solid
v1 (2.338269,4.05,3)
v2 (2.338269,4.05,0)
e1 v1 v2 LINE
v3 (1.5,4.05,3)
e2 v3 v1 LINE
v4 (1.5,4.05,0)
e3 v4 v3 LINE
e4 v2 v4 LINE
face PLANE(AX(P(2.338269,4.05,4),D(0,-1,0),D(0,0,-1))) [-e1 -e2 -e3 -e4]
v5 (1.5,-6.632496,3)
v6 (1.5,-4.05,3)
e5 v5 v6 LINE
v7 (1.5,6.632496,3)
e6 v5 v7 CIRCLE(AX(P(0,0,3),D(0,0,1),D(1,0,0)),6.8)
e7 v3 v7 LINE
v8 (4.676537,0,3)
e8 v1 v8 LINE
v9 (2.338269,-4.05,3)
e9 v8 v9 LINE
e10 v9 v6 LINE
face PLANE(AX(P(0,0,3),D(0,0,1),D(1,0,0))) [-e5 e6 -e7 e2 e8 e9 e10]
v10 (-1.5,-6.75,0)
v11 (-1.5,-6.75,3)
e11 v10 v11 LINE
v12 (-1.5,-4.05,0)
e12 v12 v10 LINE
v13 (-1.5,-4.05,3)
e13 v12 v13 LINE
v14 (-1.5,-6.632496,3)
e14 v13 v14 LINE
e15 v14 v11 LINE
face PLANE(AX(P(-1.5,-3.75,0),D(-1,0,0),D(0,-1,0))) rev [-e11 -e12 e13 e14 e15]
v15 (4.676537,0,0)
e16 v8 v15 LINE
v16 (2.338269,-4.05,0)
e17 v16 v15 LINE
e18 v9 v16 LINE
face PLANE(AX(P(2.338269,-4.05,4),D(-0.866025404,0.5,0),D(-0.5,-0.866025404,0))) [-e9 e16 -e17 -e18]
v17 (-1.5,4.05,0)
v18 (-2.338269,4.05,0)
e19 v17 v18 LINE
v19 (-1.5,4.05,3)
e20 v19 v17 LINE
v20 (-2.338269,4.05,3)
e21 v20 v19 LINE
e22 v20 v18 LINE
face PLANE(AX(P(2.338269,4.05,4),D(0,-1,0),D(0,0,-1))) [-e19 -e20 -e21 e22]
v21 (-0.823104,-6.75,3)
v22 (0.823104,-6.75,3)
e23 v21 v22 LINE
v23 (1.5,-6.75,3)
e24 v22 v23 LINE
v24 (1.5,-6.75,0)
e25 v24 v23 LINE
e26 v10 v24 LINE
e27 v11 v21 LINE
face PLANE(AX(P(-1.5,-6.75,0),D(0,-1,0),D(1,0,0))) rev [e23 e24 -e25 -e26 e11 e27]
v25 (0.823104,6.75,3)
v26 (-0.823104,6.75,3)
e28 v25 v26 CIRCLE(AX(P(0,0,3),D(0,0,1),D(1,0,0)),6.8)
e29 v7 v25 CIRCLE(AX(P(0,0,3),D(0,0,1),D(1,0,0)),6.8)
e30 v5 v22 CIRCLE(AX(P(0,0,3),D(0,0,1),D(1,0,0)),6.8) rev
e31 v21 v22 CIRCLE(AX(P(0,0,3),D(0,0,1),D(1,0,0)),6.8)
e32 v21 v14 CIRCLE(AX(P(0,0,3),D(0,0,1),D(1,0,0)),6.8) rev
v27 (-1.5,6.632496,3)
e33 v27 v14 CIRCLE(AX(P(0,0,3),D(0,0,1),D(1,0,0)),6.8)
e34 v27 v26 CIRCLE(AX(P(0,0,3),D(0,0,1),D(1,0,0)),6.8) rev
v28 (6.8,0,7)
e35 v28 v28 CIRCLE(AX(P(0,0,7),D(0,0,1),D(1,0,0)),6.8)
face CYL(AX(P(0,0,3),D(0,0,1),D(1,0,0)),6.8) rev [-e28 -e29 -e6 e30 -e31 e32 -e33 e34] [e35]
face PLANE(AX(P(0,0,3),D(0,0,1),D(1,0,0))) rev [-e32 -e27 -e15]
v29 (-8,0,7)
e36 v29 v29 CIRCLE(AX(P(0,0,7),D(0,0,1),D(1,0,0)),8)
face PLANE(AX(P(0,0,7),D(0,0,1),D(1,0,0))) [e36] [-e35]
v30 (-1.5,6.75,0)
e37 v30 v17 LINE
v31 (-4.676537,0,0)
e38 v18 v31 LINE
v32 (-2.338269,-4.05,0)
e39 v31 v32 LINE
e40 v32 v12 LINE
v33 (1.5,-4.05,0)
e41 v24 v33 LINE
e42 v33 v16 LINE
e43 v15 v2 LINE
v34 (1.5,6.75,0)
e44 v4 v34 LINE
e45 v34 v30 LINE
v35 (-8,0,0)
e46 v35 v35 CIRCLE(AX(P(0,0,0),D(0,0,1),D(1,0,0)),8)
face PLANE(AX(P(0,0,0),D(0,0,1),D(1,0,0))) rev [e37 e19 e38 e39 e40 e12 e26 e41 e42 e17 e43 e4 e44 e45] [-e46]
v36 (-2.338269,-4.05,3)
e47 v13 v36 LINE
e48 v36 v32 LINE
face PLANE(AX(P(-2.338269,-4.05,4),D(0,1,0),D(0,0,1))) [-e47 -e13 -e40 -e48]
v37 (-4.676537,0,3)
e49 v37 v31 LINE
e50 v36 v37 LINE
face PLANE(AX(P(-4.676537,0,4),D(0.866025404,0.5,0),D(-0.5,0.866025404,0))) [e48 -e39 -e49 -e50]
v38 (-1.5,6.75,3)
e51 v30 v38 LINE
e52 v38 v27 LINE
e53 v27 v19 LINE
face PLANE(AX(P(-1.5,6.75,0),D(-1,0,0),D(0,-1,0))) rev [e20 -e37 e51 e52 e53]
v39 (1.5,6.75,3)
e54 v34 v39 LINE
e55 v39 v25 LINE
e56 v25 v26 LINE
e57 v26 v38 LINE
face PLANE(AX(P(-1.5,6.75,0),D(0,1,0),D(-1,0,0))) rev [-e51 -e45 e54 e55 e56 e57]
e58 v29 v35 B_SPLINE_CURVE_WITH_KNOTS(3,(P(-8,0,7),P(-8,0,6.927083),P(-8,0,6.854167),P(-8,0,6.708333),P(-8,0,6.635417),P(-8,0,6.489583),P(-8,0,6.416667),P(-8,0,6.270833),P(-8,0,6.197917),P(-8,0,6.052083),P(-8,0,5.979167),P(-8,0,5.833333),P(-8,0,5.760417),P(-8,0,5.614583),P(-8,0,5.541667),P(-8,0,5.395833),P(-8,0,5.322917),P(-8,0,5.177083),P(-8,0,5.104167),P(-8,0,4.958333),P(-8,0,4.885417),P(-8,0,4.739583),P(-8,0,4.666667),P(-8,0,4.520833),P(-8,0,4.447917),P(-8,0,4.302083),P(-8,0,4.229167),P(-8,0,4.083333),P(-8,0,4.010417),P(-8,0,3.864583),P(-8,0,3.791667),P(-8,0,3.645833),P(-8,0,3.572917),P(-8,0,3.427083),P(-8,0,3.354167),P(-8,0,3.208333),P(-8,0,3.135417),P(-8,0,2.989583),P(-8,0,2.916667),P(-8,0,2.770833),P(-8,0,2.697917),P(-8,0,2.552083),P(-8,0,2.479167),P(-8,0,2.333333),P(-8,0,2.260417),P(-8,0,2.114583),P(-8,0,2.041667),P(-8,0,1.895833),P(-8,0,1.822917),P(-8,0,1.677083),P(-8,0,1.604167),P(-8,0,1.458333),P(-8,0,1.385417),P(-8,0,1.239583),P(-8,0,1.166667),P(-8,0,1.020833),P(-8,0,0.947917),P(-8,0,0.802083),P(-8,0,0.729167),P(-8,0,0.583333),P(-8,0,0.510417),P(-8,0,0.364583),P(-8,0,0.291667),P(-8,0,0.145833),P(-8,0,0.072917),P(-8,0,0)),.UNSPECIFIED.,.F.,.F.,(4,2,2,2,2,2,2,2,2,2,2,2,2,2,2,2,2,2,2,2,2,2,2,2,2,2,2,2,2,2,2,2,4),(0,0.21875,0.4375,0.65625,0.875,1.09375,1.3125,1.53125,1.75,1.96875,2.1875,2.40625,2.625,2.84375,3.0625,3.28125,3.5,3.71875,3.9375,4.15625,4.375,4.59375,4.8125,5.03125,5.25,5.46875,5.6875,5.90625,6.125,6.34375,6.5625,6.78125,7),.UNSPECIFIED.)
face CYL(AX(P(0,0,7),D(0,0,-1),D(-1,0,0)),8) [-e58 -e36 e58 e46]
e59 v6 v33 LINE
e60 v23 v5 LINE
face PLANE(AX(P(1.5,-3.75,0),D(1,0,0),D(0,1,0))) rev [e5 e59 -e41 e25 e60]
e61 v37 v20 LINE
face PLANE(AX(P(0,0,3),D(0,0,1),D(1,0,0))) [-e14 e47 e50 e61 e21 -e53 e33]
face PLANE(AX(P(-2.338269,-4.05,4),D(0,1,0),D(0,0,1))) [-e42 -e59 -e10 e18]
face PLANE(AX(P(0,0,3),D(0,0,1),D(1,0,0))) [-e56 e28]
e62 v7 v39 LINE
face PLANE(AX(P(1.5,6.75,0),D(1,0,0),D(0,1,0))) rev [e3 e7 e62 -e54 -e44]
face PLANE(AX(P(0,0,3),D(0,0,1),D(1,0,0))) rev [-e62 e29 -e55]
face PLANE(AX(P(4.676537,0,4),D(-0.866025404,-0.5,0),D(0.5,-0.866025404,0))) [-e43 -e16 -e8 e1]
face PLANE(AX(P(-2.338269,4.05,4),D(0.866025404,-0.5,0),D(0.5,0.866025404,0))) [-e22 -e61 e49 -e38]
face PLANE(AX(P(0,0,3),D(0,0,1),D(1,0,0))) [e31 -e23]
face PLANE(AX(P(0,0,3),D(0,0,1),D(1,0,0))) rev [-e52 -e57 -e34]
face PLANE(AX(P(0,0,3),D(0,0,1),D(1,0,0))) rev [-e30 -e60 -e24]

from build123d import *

# Parameters (mm, degrees)
SKETCH1_R           = 8
BOSS_EXTRUDE1_DEPTH = 7
SKETCH2_R           = 6.8
CUT_EXTRUDE1_DEPTH  = 4
CUT_EXTRUDE2_DEPTH  = 4
SKETCH5_W           = 3
SKETCH5_H           = 3
CUT_EXTRUDE4_DEPTH  = 13


with BuildPart() as part:
    # Sketch1 → Boss-Extrude1 (new body)
    with BuildSketch(Plane.XY):
        with Locations(Location((0, 0, 0), (0, 0, 180))):
            Circle(SKETCH1_R)
    extrude(amount=BOSS_EXTRUDE1_DEPTH)

    # Sketch2 → Cut-Extrude1 (cut)
    with BuildSketch(Plane.XY.offset(7)):
        Circle(SKETCH2_R)
    extrude(amount=-CUT_EXTRUDE1_DEPTH, mode=Mode.SUBTRACT)

    # Sketch3 → Cut-Extrude2 (cut)
    with BuildSketch(Plane.XY):
        Polygon((4.67653718, 0), (2.33826859, 4.05), (-2.33826859, 4.05), (-4.67653718, 0), (-2.33826859, -4.05), (2.33826859, -4.05), align=None)
    extrude(amount=CUT_EXTRUDE2_DEPTH, mode=Mode.SUBTRACT)

    # Sketch5 → Cut-Extrude4 (cut, through all)
    with BuildSketch(Plane.XY.offset(3)):
        with Locations((0, 5.25)):
            Rectangle(SKETCH5_W, SKETCH5_H)
        with Locations((0, -5.25)):
            Rectangle(SKETCH5_W, SKETCH5_H)
    extrude(amount=-CUT_EXTRUDE4_DEPTH, mode=Mode.SUBTRACT)


solid = part.part
